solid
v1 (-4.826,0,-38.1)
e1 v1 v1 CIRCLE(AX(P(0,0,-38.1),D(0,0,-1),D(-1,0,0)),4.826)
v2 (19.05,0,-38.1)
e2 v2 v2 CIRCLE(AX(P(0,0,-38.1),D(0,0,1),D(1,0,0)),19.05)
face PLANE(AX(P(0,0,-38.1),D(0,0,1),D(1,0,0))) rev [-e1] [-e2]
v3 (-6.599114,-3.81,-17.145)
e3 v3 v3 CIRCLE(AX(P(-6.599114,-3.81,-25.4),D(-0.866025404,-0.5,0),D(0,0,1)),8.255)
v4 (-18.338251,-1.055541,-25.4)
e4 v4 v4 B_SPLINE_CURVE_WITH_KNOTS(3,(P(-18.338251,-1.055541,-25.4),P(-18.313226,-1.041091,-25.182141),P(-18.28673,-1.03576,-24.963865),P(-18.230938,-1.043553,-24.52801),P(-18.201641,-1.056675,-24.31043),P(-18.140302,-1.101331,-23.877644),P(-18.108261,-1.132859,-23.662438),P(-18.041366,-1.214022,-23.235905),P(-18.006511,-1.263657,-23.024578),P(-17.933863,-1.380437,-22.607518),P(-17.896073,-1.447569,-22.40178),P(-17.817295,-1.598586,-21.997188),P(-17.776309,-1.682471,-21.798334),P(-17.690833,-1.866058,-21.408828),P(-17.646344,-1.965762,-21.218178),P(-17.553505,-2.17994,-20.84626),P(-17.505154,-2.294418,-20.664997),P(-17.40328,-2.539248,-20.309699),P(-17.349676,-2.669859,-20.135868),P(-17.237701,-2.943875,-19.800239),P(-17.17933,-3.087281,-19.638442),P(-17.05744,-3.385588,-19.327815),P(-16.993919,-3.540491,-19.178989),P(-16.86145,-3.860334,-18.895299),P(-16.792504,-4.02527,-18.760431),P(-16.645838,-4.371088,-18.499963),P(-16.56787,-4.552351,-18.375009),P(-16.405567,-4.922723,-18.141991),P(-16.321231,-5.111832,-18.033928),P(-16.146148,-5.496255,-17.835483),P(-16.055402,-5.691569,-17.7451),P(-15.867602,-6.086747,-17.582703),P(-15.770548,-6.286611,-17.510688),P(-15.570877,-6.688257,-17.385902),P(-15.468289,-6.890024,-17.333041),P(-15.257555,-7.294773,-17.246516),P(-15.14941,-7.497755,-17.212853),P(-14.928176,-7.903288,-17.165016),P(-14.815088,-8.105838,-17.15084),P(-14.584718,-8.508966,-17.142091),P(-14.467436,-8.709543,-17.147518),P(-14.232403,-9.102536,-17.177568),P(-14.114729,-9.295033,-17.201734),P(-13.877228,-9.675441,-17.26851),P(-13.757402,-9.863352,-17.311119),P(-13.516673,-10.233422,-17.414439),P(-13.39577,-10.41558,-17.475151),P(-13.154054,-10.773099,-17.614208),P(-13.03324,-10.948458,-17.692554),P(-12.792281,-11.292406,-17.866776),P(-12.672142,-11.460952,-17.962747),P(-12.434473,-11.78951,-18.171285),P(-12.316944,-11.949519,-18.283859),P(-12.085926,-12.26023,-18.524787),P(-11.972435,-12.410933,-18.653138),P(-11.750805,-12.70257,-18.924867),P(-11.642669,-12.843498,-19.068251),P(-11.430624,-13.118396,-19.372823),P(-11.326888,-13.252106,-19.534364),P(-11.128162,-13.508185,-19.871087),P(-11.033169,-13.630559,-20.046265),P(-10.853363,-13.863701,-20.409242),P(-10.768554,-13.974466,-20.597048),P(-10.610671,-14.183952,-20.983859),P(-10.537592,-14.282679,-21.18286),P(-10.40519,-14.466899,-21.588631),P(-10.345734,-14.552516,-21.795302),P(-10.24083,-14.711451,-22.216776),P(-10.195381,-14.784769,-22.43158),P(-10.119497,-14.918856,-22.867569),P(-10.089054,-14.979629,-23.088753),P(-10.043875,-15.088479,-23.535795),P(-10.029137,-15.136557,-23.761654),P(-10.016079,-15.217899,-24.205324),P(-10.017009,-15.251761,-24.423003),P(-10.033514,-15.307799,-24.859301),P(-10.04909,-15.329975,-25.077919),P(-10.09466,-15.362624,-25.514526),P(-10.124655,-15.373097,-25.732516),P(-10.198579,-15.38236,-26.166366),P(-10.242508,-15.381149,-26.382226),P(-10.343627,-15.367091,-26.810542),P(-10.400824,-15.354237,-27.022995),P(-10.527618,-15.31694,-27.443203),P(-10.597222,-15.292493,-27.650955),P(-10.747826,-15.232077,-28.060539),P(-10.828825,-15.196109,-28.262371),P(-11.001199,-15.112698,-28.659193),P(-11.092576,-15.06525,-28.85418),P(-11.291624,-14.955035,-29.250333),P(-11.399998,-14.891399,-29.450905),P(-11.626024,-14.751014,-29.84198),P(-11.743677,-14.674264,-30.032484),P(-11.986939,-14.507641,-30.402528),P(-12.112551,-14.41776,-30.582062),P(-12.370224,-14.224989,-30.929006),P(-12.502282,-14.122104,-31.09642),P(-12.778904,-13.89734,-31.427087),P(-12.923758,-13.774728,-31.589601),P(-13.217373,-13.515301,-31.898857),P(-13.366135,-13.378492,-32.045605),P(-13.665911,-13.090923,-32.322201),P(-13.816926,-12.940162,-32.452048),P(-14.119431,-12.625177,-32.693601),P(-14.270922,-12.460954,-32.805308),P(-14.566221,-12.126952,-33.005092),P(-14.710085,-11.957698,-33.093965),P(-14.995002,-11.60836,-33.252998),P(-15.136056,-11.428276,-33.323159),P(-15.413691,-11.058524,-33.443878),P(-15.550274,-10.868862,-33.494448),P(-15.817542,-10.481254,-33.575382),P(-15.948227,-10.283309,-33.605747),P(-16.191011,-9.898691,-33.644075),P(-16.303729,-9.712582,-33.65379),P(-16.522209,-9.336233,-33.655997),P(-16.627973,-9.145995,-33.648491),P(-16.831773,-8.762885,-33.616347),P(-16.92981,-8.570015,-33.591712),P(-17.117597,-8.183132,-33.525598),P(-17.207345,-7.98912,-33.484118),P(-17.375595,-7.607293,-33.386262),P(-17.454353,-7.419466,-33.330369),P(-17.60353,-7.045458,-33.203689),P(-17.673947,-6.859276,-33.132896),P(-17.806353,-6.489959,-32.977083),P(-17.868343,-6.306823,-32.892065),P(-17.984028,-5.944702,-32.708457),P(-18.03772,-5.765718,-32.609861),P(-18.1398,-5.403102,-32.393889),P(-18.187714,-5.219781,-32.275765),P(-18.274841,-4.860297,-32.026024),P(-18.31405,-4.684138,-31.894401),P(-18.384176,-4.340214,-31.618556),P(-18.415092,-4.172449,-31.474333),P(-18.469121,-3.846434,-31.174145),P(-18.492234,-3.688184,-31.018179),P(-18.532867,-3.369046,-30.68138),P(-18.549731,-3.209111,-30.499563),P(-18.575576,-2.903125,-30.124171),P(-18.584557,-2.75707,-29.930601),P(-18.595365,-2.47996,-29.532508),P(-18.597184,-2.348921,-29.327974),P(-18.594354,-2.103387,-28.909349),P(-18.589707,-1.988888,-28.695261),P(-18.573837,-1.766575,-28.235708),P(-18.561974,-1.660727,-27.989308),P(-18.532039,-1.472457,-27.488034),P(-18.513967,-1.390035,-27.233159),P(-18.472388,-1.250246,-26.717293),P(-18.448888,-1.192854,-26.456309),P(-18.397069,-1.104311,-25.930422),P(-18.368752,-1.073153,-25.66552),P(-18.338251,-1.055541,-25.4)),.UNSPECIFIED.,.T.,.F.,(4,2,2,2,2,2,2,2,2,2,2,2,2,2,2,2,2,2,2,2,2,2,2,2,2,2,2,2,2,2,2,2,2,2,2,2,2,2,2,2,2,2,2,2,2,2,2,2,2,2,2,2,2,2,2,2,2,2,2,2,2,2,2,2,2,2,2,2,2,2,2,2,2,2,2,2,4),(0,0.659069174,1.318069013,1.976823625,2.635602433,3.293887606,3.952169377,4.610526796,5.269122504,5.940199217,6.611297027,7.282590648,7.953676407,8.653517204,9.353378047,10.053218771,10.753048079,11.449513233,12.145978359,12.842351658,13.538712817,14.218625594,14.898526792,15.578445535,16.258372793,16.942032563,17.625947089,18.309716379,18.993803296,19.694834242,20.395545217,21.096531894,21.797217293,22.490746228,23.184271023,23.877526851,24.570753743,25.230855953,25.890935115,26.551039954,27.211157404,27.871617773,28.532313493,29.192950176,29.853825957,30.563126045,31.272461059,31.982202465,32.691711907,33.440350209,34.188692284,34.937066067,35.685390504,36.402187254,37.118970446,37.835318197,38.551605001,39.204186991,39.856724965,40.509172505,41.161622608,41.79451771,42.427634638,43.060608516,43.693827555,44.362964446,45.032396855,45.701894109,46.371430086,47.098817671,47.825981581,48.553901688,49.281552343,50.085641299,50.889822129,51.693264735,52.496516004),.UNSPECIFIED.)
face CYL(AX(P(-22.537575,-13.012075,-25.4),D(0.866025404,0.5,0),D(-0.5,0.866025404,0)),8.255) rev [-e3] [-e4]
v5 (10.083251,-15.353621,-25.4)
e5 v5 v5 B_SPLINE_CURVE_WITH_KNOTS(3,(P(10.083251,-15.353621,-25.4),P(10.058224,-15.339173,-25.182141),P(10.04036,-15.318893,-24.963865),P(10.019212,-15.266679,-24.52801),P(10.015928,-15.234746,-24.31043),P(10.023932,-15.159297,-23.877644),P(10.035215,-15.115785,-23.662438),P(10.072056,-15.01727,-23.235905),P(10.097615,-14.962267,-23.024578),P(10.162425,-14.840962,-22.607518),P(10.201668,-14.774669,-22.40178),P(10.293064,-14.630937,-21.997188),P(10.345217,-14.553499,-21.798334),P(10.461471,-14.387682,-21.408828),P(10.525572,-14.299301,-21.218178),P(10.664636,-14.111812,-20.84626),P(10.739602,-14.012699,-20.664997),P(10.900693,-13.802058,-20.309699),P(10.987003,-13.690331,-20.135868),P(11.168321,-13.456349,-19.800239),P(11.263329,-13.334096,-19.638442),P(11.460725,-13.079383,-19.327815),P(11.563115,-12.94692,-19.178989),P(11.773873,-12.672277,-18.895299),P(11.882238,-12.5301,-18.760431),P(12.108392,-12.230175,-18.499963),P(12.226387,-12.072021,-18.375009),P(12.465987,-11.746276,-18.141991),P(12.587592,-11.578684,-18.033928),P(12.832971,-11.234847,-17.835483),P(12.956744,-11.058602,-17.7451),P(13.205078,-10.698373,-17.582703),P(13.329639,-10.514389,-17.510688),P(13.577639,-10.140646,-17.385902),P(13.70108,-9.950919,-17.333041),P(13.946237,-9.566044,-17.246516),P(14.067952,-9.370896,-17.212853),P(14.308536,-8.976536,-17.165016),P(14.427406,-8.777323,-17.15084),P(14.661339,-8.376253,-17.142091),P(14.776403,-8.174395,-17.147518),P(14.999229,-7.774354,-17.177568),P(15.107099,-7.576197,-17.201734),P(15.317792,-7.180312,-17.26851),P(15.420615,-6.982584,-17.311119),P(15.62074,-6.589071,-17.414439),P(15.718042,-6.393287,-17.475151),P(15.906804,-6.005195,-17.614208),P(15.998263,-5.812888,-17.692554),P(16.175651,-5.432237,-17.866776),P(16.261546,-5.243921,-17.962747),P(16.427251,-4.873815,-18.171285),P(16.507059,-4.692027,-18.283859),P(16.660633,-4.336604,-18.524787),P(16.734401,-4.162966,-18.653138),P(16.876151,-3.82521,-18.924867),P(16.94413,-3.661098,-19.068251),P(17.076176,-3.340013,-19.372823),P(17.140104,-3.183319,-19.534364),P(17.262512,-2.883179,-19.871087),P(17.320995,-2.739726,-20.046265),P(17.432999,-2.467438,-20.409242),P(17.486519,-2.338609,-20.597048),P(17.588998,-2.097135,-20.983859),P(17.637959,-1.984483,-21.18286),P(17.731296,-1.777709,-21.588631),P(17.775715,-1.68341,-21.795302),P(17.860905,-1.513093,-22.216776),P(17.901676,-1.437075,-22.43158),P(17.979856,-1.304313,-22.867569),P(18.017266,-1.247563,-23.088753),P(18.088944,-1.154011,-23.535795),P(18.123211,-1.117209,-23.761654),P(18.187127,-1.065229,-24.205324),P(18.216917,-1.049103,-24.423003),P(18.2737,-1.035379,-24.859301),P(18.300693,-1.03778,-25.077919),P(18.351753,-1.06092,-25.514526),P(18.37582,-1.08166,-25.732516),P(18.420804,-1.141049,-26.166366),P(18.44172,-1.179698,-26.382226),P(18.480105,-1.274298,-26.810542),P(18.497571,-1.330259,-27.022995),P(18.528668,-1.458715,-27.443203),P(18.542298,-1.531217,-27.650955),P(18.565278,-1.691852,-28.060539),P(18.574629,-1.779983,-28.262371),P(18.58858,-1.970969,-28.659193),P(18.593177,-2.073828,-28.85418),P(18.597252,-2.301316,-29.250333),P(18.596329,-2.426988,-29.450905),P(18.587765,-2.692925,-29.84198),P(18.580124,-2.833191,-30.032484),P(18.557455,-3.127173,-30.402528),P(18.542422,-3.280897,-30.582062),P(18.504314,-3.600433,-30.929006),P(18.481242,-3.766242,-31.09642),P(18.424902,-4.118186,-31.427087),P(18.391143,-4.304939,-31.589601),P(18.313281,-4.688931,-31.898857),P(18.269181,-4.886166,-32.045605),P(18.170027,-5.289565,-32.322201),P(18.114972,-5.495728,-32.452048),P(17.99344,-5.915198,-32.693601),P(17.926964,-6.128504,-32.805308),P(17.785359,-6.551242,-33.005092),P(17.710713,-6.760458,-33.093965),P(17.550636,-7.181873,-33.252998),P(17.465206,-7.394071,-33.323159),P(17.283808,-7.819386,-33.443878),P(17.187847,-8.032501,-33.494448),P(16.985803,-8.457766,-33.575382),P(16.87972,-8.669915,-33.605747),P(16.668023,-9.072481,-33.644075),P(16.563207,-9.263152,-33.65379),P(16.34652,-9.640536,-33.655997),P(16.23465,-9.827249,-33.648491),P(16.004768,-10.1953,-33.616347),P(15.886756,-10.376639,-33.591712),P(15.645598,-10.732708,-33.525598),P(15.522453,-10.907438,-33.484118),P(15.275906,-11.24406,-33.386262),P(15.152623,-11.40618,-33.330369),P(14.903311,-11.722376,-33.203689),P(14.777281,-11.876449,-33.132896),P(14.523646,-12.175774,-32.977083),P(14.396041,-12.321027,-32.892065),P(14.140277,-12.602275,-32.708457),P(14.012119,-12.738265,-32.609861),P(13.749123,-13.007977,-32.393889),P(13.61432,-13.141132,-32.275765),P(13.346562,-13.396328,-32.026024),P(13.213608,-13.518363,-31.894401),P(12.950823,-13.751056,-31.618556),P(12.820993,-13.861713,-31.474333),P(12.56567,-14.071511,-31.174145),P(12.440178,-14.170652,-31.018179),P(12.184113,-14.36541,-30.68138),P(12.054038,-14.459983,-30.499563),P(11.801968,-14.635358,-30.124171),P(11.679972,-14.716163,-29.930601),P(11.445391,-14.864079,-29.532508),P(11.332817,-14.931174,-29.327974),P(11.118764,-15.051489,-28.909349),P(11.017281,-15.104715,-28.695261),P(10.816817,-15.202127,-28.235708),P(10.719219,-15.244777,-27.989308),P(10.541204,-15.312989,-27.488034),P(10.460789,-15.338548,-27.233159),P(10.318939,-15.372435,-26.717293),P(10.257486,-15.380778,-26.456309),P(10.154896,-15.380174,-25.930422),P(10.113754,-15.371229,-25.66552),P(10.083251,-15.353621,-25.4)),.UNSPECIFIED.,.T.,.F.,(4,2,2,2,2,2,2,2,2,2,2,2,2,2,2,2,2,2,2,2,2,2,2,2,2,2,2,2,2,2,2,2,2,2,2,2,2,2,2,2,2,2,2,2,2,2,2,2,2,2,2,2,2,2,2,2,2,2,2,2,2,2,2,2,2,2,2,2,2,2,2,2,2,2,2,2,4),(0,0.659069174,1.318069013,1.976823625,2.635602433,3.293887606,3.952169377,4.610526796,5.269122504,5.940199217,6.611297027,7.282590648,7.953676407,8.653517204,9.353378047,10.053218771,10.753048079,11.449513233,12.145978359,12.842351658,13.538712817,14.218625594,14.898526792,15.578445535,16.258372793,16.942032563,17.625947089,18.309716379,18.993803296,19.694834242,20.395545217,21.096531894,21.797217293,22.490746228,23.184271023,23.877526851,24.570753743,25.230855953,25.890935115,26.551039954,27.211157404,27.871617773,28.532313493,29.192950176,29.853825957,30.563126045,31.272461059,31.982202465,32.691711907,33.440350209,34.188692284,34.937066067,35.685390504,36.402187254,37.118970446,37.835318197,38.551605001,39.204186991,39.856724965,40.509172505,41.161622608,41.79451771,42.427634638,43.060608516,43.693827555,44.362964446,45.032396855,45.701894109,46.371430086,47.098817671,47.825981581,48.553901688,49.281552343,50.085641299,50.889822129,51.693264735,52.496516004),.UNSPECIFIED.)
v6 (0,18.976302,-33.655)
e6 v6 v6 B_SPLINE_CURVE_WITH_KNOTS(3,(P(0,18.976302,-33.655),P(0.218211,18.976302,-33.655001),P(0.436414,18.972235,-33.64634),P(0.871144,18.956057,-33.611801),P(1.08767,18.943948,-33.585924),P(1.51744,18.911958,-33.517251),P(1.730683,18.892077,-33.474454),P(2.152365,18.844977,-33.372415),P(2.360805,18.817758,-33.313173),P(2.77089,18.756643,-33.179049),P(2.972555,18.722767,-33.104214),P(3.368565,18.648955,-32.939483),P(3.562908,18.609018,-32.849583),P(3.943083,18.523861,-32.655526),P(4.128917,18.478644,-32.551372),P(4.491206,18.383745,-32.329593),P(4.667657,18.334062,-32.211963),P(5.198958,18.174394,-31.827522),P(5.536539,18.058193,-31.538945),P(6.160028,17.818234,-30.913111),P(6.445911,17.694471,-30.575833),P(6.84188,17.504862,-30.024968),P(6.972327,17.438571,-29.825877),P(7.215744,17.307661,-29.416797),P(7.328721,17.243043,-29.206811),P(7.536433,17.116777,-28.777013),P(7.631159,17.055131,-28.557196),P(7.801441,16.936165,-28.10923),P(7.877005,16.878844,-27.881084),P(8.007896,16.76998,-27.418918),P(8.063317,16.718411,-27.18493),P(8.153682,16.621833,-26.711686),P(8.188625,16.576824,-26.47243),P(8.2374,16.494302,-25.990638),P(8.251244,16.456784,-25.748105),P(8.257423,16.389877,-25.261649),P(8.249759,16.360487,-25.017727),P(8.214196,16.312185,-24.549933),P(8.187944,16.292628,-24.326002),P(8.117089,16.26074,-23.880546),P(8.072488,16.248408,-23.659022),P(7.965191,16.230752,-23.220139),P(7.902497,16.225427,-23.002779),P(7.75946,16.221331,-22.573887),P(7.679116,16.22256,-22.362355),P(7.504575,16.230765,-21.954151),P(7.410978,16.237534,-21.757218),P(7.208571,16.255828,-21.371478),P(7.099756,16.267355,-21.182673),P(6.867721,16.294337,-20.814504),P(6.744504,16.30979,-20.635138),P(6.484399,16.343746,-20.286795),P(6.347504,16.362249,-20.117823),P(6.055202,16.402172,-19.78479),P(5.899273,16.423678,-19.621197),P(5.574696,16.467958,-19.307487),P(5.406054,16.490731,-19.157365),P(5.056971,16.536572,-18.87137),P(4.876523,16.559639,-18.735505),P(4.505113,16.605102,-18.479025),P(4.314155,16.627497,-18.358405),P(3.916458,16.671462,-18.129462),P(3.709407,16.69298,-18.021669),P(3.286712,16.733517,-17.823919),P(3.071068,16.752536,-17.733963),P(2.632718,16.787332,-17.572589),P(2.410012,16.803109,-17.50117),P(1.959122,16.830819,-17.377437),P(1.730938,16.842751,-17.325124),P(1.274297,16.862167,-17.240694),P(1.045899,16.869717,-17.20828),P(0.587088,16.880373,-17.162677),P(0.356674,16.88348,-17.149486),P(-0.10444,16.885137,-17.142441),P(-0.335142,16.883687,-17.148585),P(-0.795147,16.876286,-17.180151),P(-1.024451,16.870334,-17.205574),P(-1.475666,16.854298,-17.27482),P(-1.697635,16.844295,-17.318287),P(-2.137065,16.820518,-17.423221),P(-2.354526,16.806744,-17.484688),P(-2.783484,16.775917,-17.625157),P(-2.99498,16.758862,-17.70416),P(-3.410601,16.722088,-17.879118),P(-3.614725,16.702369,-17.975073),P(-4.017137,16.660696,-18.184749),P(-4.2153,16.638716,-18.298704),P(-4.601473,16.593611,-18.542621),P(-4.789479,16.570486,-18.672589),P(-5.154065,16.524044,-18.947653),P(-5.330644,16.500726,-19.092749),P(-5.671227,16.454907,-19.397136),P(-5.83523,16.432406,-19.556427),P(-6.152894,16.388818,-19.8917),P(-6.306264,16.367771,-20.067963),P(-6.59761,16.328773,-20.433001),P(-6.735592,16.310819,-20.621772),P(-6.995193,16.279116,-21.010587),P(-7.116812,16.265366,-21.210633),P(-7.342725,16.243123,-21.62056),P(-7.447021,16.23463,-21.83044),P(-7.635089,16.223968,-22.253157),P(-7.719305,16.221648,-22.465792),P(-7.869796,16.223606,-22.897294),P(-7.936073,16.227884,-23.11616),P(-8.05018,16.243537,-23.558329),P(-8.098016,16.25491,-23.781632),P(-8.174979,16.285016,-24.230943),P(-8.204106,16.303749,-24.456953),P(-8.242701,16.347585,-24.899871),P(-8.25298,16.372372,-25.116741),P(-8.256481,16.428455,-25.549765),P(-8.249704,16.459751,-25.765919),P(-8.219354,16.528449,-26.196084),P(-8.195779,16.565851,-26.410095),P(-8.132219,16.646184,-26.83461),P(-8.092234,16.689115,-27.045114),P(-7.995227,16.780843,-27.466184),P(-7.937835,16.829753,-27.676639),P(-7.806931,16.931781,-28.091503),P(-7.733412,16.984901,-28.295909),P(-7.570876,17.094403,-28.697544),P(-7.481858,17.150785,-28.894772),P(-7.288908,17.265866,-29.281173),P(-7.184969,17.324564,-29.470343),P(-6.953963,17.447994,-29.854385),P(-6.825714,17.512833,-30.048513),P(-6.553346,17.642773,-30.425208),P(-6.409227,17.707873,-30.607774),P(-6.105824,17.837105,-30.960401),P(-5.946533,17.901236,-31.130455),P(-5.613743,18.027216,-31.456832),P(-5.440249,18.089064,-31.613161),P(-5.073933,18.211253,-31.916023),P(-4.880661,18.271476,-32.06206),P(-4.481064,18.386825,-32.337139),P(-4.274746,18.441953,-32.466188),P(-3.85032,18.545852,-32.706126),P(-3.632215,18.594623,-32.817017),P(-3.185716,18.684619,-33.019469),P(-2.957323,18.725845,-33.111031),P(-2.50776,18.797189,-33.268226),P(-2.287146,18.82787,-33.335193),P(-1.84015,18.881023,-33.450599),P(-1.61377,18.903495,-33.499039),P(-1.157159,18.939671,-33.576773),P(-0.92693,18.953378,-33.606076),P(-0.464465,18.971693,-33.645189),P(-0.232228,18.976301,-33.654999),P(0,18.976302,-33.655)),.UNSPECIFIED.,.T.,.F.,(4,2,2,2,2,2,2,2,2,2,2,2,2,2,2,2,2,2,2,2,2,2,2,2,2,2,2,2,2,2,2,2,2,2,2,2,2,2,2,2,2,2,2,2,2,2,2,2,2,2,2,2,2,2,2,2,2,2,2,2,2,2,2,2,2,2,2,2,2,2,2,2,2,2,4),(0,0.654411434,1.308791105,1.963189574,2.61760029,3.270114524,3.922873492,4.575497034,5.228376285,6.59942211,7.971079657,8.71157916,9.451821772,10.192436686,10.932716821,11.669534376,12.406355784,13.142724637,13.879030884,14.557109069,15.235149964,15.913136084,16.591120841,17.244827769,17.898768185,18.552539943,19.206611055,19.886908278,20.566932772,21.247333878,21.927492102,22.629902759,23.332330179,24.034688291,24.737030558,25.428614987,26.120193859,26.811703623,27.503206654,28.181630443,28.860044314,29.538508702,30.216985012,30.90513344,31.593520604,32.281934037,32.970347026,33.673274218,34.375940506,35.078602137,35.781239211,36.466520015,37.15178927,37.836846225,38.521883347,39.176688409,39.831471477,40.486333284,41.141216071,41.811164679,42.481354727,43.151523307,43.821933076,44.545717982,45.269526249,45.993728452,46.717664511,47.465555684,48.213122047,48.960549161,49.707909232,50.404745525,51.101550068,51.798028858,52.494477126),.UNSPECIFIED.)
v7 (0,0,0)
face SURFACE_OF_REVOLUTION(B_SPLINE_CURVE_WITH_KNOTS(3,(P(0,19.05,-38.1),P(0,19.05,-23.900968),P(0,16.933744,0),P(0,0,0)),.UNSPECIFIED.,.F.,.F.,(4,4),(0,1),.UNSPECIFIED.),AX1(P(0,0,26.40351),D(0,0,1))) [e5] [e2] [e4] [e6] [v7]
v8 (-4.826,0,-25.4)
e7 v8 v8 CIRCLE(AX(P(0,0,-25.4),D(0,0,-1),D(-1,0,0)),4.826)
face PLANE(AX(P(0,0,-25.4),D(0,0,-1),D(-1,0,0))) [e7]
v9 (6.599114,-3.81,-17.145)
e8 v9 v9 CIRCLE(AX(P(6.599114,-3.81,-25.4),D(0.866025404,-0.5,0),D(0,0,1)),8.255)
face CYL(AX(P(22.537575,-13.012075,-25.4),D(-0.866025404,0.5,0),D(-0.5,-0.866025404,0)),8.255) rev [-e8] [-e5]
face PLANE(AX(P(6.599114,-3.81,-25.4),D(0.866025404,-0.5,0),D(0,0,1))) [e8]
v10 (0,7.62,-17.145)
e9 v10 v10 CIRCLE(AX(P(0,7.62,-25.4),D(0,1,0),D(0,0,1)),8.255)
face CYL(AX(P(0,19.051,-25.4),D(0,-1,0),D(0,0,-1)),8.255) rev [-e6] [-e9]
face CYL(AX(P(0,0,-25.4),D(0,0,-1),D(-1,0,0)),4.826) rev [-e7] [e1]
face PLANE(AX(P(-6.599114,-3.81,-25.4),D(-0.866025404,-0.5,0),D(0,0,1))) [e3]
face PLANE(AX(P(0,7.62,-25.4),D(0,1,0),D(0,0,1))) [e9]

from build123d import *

# Parameters (mm, degrees)
SKETCH2_R          = 4.826
CUT_EXTRUDE1_DEPTH = 12.7
SKETCH5_R          = 8.255
CUT_EXTRUDE2_DEPTH = 11.356302
CIRPATTERN1_COUNT  = 3


with BuildPart() as part:
    # Sketch1 → Revolve1 (revolve)
    with BuildSketch(Plane(origin=(0, 0, 0), x_dir=(0, 0, -1), z_dir=(1, 0, 0))):
        with BuildLine():
            Line((0, 0), (38.1, 0))
            Line((38.1, 0), (38.1, 19.05))
            add(Edge.make_bspline(
                [(0, 0), (0, 16.933744176), (23.900968343, 19.05), (38.1, 19.05)],
                knots=[0, 0, 0, 0, 1, 1, 1, 1], degree=3))
        make_face()
    revolve(axis=Axis((0, 0, 26.403509965), (0, 0, -1)))

    # Sketch2 → Cut-Extrude1 (cut)
    with BuildSketch(Plane(origin=(0, 0, -38.1), x_dir=(-1, 0, 0), z_dir=(0, 0, -1))):
        Circle(SKETCH2_R)
    extrude(amount=-CUT_EXTRUDE1_DEPTH, mode=Mode.SUBTRACT)

    # Sketch5 → Cut-Extrude2 (cut)
    with BuildSketch(Plane(origin=(0, 7.62, 0), x_dir=(1, 0, 0), z_dir=(0, 1, 0))):
        with Locations((0, 25.4)):
            Circle(SKETCH5_R)
    cut_extrude2 = extrude(amount=CUT_EXTRUDE2_DEPTH, mode=Mode.SUBTRACT)

    # CirPattern1: Cut-Extrude2 ×3 about axis
    cirpattern1_axis = Axis((0, 0, 0), (0, 0, 1))
    for i in range(1, CIRPATTERN1_COUNT):
        add(cut_extrude2.rotate(cirpattern1_axis, i * 360 / CIRPATTERN1_COUNT), mode=Mode.SUBTRACT)


solid = part.part
